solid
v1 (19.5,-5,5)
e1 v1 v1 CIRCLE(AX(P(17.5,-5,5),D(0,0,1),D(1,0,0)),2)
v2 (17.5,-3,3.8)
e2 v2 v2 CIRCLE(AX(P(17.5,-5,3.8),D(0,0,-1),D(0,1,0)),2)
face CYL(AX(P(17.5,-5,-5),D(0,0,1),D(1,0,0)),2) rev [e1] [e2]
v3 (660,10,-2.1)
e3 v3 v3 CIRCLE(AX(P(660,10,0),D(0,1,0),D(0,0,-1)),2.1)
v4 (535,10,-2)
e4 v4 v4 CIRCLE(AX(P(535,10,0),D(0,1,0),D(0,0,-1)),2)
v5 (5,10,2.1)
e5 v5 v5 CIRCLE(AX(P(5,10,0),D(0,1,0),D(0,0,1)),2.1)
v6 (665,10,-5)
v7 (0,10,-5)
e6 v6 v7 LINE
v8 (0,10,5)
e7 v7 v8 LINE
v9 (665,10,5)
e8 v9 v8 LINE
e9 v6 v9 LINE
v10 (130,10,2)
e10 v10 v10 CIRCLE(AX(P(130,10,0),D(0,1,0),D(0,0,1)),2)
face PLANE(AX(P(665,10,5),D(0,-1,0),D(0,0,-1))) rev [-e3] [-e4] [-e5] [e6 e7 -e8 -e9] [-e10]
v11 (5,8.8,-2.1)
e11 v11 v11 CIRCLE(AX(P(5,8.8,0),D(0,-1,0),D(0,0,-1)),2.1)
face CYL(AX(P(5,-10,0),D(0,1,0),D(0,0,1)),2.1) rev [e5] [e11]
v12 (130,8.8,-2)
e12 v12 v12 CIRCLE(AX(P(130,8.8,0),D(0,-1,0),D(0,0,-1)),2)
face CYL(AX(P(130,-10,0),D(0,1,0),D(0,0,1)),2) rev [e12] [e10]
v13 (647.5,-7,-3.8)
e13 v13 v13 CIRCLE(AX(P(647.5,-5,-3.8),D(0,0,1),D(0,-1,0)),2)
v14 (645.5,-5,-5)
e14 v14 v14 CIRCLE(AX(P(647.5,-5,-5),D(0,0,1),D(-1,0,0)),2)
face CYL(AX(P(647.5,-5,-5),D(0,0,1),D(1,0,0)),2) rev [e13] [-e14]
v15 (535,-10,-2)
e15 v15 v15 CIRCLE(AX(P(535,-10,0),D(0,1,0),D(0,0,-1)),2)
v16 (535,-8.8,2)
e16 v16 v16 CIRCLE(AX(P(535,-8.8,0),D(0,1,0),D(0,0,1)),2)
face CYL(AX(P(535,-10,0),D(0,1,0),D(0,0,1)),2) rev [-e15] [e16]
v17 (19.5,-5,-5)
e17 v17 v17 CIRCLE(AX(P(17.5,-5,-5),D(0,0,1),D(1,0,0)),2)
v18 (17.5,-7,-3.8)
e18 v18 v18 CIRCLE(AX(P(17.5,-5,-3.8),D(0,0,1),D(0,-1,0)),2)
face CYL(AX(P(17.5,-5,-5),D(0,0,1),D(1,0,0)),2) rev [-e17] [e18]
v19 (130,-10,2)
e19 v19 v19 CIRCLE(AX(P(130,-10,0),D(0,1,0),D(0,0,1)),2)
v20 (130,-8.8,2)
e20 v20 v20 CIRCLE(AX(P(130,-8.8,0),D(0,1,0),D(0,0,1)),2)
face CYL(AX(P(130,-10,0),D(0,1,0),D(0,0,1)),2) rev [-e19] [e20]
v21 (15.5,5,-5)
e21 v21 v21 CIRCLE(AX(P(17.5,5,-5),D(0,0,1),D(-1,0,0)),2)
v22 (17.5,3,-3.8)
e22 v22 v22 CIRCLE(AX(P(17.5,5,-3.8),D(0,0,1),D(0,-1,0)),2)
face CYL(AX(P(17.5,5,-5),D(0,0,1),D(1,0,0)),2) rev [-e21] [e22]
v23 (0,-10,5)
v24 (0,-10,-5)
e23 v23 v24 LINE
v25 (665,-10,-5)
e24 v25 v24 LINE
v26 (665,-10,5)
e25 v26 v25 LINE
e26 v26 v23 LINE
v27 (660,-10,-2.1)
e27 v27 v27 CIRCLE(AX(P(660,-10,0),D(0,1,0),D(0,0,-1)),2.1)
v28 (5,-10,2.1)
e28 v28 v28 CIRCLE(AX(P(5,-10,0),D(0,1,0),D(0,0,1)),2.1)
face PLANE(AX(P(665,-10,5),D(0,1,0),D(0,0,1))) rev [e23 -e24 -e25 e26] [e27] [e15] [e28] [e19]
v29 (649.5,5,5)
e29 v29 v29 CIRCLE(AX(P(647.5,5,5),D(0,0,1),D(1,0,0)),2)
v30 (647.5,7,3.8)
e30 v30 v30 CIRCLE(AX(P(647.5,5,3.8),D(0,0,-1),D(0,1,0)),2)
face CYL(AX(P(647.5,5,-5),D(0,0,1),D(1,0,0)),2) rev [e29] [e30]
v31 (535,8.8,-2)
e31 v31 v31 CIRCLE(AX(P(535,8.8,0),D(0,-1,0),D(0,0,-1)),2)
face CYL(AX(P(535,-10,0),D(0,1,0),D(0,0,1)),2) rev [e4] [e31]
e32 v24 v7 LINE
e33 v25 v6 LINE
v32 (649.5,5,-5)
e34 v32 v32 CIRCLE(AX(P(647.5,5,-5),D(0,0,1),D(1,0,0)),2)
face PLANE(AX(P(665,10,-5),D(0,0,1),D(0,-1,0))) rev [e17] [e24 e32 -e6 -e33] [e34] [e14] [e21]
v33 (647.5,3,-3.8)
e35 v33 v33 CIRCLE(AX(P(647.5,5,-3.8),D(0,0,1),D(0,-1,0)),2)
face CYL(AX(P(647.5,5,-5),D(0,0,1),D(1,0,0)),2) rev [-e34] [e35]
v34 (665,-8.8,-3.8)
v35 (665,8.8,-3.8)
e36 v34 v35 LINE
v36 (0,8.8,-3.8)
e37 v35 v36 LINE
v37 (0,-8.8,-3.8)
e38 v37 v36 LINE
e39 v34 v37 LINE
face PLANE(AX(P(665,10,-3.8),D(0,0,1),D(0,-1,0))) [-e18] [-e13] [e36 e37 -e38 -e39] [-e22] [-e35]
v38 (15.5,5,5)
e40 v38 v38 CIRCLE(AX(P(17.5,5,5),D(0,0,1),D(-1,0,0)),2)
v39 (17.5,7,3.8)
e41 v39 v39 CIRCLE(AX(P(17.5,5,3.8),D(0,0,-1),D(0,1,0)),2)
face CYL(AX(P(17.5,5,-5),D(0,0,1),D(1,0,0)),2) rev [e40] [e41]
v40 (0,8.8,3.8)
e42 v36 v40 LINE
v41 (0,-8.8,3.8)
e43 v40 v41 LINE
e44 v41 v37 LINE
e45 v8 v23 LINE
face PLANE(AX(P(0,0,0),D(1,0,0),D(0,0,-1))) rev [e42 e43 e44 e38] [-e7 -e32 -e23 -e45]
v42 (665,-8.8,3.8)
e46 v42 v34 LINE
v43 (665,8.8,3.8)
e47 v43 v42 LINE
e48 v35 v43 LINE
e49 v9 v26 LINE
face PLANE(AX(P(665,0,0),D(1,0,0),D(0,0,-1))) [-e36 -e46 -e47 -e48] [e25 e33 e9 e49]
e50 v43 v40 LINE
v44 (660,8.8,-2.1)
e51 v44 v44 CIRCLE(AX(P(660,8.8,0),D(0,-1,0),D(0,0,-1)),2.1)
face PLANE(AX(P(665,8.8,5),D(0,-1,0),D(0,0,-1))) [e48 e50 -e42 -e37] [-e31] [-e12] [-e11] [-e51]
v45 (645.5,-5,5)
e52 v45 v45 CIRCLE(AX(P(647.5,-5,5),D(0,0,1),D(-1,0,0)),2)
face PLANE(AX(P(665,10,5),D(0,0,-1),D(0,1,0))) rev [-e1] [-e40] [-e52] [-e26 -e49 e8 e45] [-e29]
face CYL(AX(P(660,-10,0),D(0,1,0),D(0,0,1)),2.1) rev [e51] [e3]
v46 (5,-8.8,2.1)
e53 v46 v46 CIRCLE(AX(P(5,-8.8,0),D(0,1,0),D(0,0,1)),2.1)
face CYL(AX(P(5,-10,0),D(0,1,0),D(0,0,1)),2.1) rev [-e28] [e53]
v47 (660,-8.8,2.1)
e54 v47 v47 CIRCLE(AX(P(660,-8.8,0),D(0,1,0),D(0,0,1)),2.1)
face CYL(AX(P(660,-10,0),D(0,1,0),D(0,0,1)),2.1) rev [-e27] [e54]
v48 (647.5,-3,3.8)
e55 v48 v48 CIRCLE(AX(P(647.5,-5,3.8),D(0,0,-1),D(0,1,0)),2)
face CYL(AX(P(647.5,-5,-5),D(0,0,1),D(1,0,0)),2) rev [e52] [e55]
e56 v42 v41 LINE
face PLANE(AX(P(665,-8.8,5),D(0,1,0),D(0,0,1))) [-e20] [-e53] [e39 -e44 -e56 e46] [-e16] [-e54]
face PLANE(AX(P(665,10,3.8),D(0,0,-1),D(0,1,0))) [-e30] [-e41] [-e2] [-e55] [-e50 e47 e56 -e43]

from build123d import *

# Parameters (mm, degrees)
SKETCH_1_W          = 10
SKETCH_1_H          = 20
SKETCH_1_W_2        = 7.6
SKETCH_1_H_2        = 17.6
EXTRUDE_1_DEPTH     = 665
SKETCH_2_R          = 2
CUT_EXTRUDE_1_DEPTH = 666.150358941
SKETCH_3_R          = 2
SKETCH_3_R_2        = 2.1
CUT_EXTRUDE_2_DEPTH = 666.319472134


with BuildPart() as part:
    # ｽｹｯﾁ1 → 押し出し-薄板1 (new body)
    with BuildSketch(Plane(origin=(0, 0, 0), x_dir=(0, 0, -1), z_dir=(1, 0, 0))):
        Rectangle(SKETCH_1_W, SKETCH_1_H)
        Rectangle(SKETCH_1_W_2, SKETCH_1_H_2, mode=Mode.SUBTRACT)
    extrude(amount=EXTRUDE_1_DEPTH)

    # ｽｹｯﾁ2 → ｶｯﾄ - 押し出し1 (cut, through all)
    with BuildSketch(Plane.XY.offset(5)):
        with Locations((647.5, 5)):
            Circle(SKETCH_2_R)
        with Locations(Location((647.5, -5, 0), (0, 0, 90))):
            Circle(SKETCH_2_R)
        with Locations((17.5, -5)):
            Circle(SKETCH_2_R)
        with Locations(Location((17.5, 5, 0), (0, 0, 90))):
            Circle(SKETCH_2_R)
    extrude(amount=-CUT_EXTRUDE_1_DEPTH, mode=Mode.SUBTRACT)

    # ｽｹｯﾁ3 → ｶｯﾄ - 押し出し2 (cut, through all)
    with BuildSketch(Plane(origin=(0, 10, 0), x_dir=(1, 0, 0), z_dir=(0, 1, 0))):
        with Locations(Location((130, 0, 0), (0, 0, 270))):
            Circle(SKETCH_3_R)
        with Locations(Location((535, 0, 0), (0, 0, 270))):
            Circle(SKETCH_3_R)
        with Locations(Location((5, 0, 0), (0, 0, 270))):
            Circle(SKETCH_3_R_2)
        with Locations(Location((660, 0, 0), (0, 0, 270))):
            Circle(SKETCH_3_R_2)
    extrude(amount=-CUT_EXTRUDE_2_DEPTH, mode=Mode.SUBTRACT)


solid = part.part
